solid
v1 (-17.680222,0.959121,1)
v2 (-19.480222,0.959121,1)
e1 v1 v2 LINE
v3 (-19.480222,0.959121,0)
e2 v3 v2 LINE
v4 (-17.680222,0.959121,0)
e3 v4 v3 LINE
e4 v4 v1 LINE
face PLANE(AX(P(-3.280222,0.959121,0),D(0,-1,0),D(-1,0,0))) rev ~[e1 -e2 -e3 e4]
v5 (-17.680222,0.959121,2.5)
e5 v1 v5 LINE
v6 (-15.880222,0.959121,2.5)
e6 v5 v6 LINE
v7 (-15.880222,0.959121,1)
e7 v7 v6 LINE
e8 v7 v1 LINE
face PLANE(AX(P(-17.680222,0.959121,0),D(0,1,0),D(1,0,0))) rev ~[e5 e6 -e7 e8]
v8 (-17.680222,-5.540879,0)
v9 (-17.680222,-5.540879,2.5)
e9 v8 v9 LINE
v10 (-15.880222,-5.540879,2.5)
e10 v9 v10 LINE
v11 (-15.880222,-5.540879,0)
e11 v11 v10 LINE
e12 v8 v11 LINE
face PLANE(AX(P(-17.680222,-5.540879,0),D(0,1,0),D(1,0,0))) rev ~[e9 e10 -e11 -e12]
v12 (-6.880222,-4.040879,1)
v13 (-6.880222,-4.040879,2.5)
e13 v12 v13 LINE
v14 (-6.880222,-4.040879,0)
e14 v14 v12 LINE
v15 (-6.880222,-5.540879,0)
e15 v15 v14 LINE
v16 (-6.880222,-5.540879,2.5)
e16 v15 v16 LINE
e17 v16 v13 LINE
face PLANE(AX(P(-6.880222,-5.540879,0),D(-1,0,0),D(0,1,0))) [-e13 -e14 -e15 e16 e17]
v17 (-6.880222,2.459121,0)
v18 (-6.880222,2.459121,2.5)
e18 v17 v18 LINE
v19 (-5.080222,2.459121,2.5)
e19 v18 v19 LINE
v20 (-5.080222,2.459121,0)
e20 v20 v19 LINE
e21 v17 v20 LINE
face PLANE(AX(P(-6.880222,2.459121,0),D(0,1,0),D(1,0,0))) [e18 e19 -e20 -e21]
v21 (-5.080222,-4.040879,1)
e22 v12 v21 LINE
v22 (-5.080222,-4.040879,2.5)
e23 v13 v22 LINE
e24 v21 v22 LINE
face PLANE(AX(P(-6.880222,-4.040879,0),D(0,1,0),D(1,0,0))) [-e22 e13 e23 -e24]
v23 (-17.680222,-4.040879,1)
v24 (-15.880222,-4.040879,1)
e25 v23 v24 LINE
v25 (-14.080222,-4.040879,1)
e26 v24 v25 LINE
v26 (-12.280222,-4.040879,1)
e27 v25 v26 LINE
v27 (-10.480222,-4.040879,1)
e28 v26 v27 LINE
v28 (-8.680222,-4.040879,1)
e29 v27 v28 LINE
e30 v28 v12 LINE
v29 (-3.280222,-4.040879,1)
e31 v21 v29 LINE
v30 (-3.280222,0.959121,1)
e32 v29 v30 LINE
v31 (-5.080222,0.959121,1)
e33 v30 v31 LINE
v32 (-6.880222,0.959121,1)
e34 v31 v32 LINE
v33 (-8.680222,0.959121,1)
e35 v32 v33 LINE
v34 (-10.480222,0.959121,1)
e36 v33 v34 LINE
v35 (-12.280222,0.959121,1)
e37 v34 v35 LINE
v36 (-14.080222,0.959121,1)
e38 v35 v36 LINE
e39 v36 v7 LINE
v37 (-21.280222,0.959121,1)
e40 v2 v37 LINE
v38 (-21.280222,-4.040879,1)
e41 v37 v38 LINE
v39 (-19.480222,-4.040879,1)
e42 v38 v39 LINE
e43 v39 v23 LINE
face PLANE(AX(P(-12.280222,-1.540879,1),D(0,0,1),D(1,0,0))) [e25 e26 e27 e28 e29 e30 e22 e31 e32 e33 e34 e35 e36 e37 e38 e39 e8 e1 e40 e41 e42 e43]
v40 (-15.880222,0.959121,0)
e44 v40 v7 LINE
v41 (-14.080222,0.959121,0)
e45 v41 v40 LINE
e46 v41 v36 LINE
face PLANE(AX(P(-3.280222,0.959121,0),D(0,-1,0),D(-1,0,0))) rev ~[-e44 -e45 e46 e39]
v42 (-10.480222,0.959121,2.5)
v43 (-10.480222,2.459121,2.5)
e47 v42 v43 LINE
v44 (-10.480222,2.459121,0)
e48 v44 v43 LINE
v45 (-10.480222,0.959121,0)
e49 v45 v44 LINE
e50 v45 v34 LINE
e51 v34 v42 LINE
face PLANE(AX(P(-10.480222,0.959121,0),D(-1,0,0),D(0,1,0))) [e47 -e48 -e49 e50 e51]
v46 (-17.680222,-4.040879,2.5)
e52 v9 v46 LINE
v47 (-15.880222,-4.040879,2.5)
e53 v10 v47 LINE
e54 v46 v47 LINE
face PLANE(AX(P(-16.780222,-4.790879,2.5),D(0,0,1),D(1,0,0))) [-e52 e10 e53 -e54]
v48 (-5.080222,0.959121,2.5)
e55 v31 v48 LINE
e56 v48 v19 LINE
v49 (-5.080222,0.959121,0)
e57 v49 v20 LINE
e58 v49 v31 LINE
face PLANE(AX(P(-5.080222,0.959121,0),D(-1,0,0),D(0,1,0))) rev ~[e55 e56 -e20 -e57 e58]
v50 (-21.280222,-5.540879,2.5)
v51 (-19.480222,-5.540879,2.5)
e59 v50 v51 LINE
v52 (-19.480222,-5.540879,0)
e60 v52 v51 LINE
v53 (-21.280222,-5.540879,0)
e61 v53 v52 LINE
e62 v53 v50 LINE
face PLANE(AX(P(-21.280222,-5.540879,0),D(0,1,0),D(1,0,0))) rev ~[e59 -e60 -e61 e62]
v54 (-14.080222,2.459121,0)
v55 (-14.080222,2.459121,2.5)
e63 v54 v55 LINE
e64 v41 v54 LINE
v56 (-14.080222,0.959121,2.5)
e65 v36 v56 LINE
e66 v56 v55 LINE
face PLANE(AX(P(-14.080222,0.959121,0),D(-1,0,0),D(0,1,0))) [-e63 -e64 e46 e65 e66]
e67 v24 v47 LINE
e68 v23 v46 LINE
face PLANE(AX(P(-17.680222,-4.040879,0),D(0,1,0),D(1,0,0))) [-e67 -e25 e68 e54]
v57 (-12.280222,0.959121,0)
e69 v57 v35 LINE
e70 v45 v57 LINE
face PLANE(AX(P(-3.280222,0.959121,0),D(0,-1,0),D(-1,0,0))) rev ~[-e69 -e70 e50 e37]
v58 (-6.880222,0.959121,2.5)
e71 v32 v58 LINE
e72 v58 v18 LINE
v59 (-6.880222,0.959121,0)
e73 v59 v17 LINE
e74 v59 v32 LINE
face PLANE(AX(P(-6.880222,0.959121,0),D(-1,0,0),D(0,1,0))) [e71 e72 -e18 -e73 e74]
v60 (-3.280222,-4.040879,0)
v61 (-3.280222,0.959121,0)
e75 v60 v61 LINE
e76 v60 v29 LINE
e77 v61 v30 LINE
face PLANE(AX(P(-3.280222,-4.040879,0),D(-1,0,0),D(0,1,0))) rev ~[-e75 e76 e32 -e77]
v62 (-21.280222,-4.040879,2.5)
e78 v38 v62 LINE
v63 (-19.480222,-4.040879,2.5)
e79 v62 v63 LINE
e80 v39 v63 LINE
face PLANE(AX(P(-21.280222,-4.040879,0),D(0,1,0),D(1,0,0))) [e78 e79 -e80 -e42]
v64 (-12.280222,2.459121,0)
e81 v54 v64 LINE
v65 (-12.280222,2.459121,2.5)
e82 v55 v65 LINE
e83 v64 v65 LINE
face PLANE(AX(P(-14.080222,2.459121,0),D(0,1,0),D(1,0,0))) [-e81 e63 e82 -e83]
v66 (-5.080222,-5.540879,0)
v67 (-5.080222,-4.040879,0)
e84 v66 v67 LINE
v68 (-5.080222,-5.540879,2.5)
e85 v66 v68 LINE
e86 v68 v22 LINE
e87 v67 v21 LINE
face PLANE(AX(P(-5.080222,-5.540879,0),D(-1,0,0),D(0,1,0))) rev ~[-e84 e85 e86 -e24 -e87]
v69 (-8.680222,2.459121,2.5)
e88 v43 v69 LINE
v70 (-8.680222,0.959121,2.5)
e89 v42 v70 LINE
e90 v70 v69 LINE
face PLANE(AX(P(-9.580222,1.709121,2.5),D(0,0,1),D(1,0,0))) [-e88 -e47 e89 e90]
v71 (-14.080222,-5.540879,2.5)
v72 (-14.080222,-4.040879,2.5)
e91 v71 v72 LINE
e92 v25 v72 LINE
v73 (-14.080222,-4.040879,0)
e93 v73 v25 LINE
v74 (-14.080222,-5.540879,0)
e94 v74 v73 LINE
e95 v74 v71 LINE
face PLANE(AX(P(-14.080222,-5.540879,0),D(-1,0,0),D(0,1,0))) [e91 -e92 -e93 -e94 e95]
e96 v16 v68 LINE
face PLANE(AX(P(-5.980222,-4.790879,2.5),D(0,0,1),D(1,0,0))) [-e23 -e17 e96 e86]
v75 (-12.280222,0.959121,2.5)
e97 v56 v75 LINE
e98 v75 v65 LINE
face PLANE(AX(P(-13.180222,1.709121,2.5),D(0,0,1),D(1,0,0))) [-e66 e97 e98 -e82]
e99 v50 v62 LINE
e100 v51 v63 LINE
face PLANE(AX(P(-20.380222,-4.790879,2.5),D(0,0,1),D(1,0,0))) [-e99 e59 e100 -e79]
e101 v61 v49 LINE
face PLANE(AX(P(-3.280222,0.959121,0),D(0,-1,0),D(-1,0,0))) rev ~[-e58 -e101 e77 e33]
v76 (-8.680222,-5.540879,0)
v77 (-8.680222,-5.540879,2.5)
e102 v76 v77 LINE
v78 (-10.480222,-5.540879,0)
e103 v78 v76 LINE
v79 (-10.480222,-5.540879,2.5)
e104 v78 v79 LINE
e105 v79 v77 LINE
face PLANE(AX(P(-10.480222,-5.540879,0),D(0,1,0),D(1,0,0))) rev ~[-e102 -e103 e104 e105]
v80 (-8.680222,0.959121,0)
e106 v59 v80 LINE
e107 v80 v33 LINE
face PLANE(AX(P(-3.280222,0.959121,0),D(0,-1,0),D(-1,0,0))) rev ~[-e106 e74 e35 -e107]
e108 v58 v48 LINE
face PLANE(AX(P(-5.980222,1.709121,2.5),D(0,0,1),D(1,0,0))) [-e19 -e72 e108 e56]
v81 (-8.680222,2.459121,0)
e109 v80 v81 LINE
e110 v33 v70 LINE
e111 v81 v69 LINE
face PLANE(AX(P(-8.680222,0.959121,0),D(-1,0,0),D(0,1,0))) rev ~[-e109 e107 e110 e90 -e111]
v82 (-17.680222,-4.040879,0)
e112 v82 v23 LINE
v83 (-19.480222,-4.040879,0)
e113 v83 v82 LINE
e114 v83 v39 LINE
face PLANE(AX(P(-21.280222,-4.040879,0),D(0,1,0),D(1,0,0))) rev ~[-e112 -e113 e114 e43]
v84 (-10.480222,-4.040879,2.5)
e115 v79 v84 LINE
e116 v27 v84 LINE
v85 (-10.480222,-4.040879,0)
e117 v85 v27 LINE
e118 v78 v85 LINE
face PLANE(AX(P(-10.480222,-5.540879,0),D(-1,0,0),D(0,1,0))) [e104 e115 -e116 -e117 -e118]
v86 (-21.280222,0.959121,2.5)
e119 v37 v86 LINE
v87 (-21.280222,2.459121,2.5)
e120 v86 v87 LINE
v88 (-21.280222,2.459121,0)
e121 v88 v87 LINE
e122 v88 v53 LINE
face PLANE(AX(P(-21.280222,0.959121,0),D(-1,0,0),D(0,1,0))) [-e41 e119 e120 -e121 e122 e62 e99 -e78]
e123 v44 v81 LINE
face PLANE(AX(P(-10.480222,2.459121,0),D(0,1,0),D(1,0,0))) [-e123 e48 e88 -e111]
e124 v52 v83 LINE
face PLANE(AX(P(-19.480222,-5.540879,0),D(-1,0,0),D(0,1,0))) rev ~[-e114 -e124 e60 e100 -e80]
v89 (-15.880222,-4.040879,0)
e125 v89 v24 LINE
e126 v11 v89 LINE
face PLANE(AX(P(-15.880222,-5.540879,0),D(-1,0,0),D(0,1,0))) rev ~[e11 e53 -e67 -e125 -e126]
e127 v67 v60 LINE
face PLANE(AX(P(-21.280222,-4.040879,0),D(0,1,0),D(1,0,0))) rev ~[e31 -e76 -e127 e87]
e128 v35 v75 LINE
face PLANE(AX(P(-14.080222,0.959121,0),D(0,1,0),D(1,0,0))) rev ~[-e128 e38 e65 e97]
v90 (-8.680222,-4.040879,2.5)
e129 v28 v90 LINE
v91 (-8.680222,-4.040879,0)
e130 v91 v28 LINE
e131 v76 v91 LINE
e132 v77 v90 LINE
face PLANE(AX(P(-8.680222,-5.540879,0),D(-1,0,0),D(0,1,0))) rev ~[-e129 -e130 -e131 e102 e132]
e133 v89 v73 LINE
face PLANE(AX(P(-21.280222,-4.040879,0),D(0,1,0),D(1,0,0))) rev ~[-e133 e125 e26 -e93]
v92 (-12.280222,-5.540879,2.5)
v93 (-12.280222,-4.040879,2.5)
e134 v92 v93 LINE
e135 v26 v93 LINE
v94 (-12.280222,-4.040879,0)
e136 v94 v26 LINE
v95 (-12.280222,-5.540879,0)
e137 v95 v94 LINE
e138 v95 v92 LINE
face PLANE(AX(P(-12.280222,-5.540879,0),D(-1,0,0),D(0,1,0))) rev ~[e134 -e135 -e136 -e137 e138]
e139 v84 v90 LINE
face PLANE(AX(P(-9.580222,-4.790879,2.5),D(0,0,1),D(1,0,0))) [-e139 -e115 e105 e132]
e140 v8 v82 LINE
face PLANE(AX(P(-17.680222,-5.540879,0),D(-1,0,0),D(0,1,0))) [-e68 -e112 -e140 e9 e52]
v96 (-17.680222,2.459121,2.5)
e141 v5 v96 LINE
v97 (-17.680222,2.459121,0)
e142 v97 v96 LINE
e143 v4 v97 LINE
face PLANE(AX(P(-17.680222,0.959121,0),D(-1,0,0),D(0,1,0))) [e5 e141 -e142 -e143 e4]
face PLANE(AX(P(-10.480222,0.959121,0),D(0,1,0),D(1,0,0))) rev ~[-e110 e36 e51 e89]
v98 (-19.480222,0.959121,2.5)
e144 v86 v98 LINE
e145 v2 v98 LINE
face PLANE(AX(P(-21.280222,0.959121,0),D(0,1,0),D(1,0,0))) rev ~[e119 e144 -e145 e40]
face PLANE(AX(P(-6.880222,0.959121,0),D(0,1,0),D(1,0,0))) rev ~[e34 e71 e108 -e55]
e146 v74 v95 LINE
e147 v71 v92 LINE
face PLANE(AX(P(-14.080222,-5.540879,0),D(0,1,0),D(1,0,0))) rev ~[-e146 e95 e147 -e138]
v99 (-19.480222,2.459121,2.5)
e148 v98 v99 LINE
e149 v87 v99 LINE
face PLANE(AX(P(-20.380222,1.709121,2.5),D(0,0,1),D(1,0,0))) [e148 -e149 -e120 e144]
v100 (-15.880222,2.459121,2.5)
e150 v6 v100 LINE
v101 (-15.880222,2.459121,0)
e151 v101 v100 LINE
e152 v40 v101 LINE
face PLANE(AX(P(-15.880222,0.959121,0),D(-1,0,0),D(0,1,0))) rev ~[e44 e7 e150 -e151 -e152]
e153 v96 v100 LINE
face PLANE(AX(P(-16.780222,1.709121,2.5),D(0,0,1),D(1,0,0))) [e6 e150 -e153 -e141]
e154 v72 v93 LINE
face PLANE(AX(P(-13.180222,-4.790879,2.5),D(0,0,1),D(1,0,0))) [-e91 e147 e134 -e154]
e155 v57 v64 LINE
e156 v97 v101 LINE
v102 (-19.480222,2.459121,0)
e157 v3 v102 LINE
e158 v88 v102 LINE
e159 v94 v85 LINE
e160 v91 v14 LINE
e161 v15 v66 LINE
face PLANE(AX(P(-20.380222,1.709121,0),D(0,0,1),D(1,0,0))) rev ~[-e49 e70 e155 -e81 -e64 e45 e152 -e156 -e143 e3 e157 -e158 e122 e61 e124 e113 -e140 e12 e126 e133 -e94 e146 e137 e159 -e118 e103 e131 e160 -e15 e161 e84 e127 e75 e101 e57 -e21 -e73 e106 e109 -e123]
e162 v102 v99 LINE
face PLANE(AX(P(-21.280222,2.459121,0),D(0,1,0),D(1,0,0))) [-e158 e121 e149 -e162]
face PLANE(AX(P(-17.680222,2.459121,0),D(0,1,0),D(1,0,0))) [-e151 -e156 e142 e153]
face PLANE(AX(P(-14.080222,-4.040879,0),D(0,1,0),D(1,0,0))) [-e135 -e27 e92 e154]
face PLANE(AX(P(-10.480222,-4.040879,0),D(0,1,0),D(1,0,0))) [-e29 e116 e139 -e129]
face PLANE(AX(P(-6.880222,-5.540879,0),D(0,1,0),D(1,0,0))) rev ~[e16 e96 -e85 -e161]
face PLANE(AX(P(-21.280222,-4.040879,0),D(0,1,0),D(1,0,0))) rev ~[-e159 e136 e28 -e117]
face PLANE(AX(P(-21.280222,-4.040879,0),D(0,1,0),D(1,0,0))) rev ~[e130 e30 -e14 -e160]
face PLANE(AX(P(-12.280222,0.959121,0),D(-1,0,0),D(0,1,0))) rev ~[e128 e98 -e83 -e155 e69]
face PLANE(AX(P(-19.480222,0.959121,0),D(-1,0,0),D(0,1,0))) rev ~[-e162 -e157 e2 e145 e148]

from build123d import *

# Parameters (mm, degrees)
F1_DEPTH = 1
F0_W     = 1.8
F0_H     = 1.5
F2_DEPTH = 2.5


with BuildPart() as f1:
    # F0 (on Top) → F1 (new body)
    with BuildSketch(Plane.XY):
        Polygon((-19.480222, 0.959121), (-21.280222, 0.959121), (-21.280222, -0.040879), (-21.280222, -3.040879), (-21.280222, -4.040879), (-19.480222, -4.040879), (-17.680222, -4.040879), (-15.880222, -4.040879), (-14.080222, -4.040879), (-12.280222, -4.040879), (-10.480222, -4.040879), (-8.680222, -4.040879), (-6.880222, -4.040879), (-5.080222, -4.040879), (-3.280222, -4.040879), (-3.280222, -3.040879), (-3.280222, -0.040879), (-3.280222, 0.959121), (-5.080222, 0.959121), (-6.880222, 0.959121), (-8.680222, 0.959121), (-10.480222, 0.959121), (-12.280222, 0.959121), (-14.080222, 0.959121), (-15.880222, 0.959121), (-17.680222, 0.959121), align=None)
    extrude(amount=F1_DEPTH)

    # F0 (on Top) → F2 (join)
    with BuildSketch(Plane.XY):
        with Locations((-20.380222, 1.709121)):
            Rectangle(F0_W, F0_H)
        with Locations((-16.780222, 1.709121)):
            Rectangle(F0_W, F0_H)
        with Locations((-13.180222, 1.709121)):
            Rectangle(F0_W, F0_H)
        with Locations((-9.580222, 1.709121)):
            Rectangle(F0_W, F0_H)
        with Locations((-5.980222, 1.709121)):
            Rectangle(F0_W, F0_H)
        with Locations((-5.980222, -4.790879)):
            Rectangle(F0_W, F0_H)
        with Locations((-9.580222, -4.790879)):
            Rectangle(F0_W, F0_H)
        with Locations((-13.180222, -4.790879)):
            Rectangle(F0_W, F0_H)
        with Locations((-16.780222, -4.790879)):
            Rectangle(F0_W, F0_H)
        with Locations((-20.380222, -4.790879)):
            Rectangle(F0_W, F0_H)
    extrude(amount=F2_DEPTH)


solid = f1.part
